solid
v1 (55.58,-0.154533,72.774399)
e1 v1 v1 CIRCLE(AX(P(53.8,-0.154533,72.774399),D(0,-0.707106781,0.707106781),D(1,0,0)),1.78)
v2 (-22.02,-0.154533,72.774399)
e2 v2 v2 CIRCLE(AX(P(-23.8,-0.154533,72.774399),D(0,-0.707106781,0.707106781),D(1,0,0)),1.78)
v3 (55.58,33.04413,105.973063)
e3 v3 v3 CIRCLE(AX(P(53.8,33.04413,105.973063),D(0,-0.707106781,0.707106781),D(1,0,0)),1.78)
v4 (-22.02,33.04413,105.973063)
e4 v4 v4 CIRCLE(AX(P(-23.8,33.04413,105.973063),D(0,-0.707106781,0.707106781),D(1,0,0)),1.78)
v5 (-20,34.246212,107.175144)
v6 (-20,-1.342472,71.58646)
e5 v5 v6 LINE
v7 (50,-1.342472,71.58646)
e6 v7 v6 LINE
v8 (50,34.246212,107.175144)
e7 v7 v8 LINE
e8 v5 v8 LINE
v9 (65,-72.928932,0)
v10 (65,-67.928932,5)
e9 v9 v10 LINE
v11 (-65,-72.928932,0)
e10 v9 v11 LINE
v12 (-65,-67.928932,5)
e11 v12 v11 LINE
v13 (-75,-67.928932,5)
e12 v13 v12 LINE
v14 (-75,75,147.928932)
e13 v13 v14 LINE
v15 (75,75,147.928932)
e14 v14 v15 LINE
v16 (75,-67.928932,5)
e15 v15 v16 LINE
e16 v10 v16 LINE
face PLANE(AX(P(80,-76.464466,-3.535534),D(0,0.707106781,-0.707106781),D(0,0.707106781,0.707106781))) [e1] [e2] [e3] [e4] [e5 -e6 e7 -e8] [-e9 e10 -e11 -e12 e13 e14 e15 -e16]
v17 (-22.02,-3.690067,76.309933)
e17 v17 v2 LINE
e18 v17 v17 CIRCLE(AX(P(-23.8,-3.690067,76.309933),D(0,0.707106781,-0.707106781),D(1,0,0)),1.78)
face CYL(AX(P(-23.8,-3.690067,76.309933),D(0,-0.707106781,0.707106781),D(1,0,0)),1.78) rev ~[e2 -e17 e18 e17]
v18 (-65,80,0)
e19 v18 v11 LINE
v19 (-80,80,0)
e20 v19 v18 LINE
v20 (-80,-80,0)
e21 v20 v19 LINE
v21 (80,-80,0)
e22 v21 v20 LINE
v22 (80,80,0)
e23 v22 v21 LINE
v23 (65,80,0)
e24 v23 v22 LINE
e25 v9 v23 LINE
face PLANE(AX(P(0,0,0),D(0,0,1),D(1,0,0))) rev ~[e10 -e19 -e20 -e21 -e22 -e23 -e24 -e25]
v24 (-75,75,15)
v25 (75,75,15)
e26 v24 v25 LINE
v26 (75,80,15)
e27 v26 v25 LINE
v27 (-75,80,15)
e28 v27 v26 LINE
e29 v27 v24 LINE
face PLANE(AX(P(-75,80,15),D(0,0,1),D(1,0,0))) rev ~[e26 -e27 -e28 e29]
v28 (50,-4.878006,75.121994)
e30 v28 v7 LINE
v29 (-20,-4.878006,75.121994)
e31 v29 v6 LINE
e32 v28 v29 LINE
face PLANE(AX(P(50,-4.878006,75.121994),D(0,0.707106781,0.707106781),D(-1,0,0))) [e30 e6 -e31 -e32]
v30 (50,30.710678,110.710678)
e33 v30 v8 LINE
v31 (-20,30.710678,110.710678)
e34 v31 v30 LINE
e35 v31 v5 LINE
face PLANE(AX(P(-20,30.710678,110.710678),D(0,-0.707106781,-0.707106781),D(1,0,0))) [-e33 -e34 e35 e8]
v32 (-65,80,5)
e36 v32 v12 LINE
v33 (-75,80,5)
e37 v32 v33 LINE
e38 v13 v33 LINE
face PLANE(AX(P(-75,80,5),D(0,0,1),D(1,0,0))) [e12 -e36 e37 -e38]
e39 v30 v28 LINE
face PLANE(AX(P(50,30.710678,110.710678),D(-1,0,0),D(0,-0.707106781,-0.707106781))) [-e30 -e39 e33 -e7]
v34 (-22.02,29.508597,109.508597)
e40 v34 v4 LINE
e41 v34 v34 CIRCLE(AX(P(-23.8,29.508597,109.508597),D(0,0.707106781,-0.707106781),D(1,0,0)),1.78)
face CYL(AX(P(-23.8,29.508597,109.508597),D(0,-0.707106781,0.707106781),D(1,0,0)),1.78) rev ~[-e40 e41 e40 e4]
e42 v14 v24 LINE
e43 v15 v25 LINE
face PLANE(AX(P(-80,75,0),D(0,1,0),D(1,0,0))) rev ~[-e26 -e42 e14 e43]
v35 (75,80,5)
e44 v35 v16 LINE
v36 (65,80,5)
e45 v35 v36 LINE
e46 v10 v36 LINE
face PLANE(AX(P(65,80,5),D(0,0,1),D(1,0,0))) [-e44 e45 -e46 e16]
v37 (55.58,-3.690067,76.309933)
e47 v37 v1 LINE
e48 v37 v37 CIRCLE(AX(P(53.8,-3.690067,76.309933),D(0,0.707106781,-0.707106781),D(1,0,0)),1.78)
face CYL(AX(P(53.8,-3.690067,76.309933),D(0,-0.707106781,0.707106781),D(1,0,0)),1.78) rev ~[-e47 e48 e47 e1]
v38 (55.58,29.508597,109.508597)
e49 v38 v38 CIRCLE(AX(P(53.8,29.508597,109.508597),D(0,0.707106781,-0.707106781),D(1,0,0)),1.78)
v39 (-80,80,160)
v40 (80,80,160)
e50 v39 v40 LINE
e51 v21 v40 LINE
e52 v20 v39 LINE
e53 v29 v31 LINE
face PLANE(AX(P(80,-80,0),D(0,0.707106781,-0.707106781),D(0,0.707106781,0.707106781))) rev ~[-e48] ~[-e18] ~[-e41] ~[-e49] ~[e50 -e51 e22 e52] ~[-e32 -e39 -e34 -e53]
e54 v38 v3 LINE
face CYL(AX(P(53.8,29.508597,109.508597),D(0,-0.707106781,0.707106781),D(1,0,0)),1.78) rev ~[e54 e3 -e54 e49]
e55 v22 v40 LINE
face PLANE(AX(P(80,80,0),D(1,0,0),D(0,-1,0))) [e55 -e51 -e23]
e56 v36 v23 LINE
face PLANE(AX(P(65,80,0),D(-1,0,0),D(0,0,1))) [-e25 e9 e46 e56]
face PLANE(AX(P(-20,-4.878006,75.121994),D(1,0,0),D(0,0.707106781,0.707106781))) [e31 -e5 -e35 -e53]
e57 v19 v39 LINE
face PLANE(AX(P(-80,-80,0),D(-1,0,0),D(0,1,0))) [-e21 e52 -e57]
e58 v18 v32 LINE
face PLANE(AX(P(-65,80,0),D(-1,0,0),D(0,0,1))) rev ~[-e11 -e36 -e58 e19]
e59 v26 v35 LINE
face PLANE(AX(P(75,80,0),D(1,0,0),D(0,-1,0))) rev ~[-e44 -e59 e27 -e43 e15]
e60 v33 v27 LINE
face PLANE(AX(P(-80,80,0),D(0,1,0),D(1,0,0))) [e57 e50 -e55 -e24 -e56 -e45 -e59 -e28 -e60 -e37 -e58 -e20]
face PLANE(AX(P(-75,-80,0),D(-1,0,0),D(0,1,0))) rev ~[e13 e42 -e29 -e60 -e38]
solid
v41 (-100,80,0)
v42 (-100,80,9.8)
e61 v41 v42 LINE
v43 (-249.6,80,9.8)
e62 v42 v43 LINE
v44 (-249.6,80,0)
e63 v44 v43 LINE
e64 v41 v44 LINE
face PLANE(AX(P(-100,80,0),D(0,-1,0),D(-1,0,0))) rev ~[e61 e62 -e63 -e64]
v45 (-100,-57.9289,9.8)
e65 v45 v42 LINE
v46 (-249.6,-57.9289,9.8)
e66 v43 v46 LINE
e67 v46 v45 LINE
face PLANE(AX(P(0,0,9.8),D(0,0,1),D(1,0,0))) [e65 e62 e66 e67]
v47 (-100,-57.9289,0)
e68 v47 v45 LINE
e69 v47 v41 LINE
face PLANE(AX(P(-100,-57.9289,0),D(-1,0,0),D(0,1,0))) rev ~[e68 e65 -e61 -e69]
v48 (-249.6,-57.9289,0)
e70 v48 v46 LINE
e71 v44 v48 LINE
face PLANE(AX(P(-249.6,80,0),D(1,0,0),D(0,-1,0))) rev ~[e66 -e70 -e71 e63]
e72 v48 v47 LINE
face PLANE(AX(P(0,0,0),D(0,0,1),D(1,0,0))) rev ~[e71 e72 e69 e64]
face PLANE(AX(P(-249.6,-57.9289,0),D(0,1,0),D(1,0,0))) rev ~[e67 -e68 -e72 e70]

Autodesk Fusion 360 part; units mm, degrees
sketch "Sketch1" plane through (0, 0, 0) normal (0, 0, 1) x (1, 0, 0)
  line L0 (80, -80) -> (-80, -80)
  line L1 (-80, -80) -> (-80, 80)
  line L2 (-80, 80) -> (80, 80)
  line L3 (80, 80) -> (80, -80)
  line L4 (80, -80) -> (-80, 80) construction
  line L5 (-80, -80) -> (80, 80) construction
  dimension "d1" = 160
  dimension "d2" = 160
extrude "Extrude1" add sketch "Sketch1" along normal blind 160 makes body 1
sketch "Sketch2" plane through (80, 0, 0) normal (1, 0, 0) x (0, 1, 0)
  line L0 (-80, 0) -> (80, 0)
  line L1 (80, 0) -> (80, 160)
  line L2 (80, 160) -> (-80, 160)
  line L3 (-80, 160) -> (-80, 0)
  line L4 (-80, 0) -> (80, 160)
  line L5 (80, 160) -> (-80, 160)
  line L6 (-80, 160) -> (-80, 0)
extrude "Extrude2" cut sketch "Sketch2" against normal blind 160 contours L2 L3 L4 L5 L6 bodies 1
shell "Shell1" thickness 5 removed faces 1 at (26.6667, -26.6667, 0) on bodies 1
sketch "Sketch3" plane through (0, 80, 0) normal (0, 1, 0) x (-1, 0, 0)
  line L0 (-80, 0) -> (80, 0)
  line L1 (80, 0) -> (80, 160)
  line L2 (80, 160) -> (-80, 160)
  line L3 (-80, 160) -> (-80, 0)
  line L4 (-80, 0) -> (-80, 5)
  line L5 (80, 0) -> (80, 5)
  line L6 (-80, 0) -> (-65, 0)
  line L7 (80, 0) -> (65, 0)
  line L8 (65, 0) -> (65, 5)
  line L9 (65, 5) -> (75, 5)
  line L10 (75, 5) -> (75, 15)
  line L11 (75, 15) -> (-75, 15)
  line L12 (-75, 15) -> (-75, 5)
  line L13 (-75, 5) -> (-65, 5)
  line L14 (-65, 5) -> (-65, 0)
  line L15 (-65, 0) -> (65, 0)
extrude "Extrude3" cut sketch "Sketch3" against normal blind 5 contours L0 L8 L9 L10 L11 L12 L13 L14 L15 bodies 1
sketch "Sketch4" plane through (0, 80, 0) normal (0, 1, 0) x (-1, 0, 0)
  line L0 (-65, 0) -> (-65, 5)
  line L1 (-65, 5) -> (-75, 5)
  line L2 (-75, 5) -> (-75, 15)
  line L3 (-75, 15) -> (75, 15)
  line L4 (75, 15) -> (75, 5)
  line L5 (75, 5) -> (65, 5)
  line L6 (65, 5) -> (65, 0)
  line L7 (65, 0) -> (80, 0)
  line L8 (80, 0) -> (80, 160)
  line L9 (80, 160) -> (-80, 160)
  line L10 (-80, 160) -> (-80, 0)
  line L11 (-80, 0) -> (-65, 0)
  line L12 (-75, 5) -> (-65, 5)
  line L13 (-65, 0) -> (-75, 0)
  line L14 (-75, 5) -> (-75, 0)
  line L15 (65, 5) -> (75, 5)
  line L16 (75, 0) -> (65, 0)
  line L17 (65, 5) -> (65, 0)
  line L18 (75, 5) -> (75, 0)
extrude "Extrude4" add sketch "Sketch4" against normal blind 155 contours L0 L1 L11 L12 L13 L14 | L5 L6 L7 L15 L16 L17 L18 bodies 1
sketch "Sketch5" plane through (0, -40, 40) normal (0, -0.7071, 0.7071) x (1, 0, 0)
  line L0 (80, -56.5685) -> (80, 169.7056)
  line L1 (80, 169.7056) -> (-80, 169.7056)
  line L2 (-80, 169.7056) -> (-80, -56.5685)
  line L3 (-80, -56.5685) -> (80, -56.5685)
  line L4 (80, 169.7056) -> (50, 169.7056)
  line L5 (50, 169.7056) -> (50, 100)
  line L6 (50, 100) -> (80, 100)
  line L7 (50, 169.7056) -> (-20, 169.7056)
  line L8 (-20, 100) -> (-20, 169.7056)
  line L9 (-20, 100) -> (50, 100)
  line L10 (-20, 100) -> (-80, 100)
  line L11 (-20, 100) -> (50, 100)
  line L12 (50, 100) -> (50, 49.67)
  line L13 (50, 49.67) -> (-20, 49.67)
  line L14 (-20, 49.67) -> (-20, 100)
  line L15 (-20, 100) -> (50, 100)
  line L16 (50, 100) -> (50, 98.3)
  line L17 (50, 98.3) -> (53.8, 98.3)
  circle A0 centre (53.8, 98.3) radius 1.78
  line L18 (-20, 100) -> (-23.8, 100)
  line L19 (-20, 100) -> (-20, 98.3)
  line L20 (-23.8, 100) -> (-23.8, 98.3)
  line L21 (-23.8, 98.3) -> (-20, 98.3)
  circle A1 centre (-23.8, 98.3) radius 1.78
  line L22 (-20, 49.67) -> (-20, 51.35)
  line L23 (-20, 49.67) -> (-23.8, 49.67)
  line L24 (-23.8, 49.67) -> (-23.8, 51.35)
  line L25 (-23.8, 51.35) -> (-20, 51.35)
  circle A2 centre (-23.8, 51.35) radius 1.78
  line L26 (50, 49.67) -> (53.8, 49.67)
  line L27 (50, 49.67) -> (50, 51.35)
  line L28 (50, 51.35) -> (53.8, 51.35)
  line L29 (53.8, 51.35) -> (53.8, 49.67)
  circle A3 centre (53.8, 51.35) radius 1.78
  dimension "d12" = 50.33
  dimension "d13" = 1.7
  dimension "d14" = 3.8
  dimension "d15" = 3.56
  dimension "d16" = 3.8
  dimension "d17" = 1.7
  dimension "d18" = 1.7
  dimension "d19" = 3.8
  dimension "d20" = 3.56
  dimension "d21" = 1.68
  dimension "d22" = 3.8
  dimension "d23" = 1.68
  dimension "d24" = 3.56
  dimension "d25" = 3.8
  dimension "d26" = 1.68
  dimension "d27" = 3.8
  dimension "d28" = 1.68
  dimension "d29" = 3.56
extrude "Extrude5" cut sketch "Sketch5" against normal blind 5 contours L6 A0 | L6 A0 | L10 L18 A1 | L10 L20 L21 A1 | L9 L11 L12 L13 L14 L15 L16 L19 L22 L27 | L10 L18 L20 L21 A1 | L26 L28 L29 A3 | L26 L28 L29 A3 | L23 L24 L25 A2 | L23 L24 L25 A2 bodies 1
sketch "Sketch6" plane through (0, 0, 0) normal (0, 0, 1) x (1, 0, 0)
  line L0 (-100, 80) -> (-249.6, 80)
  line L1 (-249.6, 80) -> (-249.6, -57.9289)
  line L2 (-249.6, -57.9289) -> (-100, -57.9289)
  line L3 (-100, -57.9289) -> (-100, 80)
  dimension "d32" = 149.6
  dimension "d33" = 137.9289
extrude "Extrude6" add sketch "Sketch6" along normal blind 9.8 separate body makes body 2
equation "d15 = 1.78 mm * 2"
equation "d20 = ( 1.78 * 2 ) * 1 mm"
equation "d33 = 145 mm - 7.07107 mm"
